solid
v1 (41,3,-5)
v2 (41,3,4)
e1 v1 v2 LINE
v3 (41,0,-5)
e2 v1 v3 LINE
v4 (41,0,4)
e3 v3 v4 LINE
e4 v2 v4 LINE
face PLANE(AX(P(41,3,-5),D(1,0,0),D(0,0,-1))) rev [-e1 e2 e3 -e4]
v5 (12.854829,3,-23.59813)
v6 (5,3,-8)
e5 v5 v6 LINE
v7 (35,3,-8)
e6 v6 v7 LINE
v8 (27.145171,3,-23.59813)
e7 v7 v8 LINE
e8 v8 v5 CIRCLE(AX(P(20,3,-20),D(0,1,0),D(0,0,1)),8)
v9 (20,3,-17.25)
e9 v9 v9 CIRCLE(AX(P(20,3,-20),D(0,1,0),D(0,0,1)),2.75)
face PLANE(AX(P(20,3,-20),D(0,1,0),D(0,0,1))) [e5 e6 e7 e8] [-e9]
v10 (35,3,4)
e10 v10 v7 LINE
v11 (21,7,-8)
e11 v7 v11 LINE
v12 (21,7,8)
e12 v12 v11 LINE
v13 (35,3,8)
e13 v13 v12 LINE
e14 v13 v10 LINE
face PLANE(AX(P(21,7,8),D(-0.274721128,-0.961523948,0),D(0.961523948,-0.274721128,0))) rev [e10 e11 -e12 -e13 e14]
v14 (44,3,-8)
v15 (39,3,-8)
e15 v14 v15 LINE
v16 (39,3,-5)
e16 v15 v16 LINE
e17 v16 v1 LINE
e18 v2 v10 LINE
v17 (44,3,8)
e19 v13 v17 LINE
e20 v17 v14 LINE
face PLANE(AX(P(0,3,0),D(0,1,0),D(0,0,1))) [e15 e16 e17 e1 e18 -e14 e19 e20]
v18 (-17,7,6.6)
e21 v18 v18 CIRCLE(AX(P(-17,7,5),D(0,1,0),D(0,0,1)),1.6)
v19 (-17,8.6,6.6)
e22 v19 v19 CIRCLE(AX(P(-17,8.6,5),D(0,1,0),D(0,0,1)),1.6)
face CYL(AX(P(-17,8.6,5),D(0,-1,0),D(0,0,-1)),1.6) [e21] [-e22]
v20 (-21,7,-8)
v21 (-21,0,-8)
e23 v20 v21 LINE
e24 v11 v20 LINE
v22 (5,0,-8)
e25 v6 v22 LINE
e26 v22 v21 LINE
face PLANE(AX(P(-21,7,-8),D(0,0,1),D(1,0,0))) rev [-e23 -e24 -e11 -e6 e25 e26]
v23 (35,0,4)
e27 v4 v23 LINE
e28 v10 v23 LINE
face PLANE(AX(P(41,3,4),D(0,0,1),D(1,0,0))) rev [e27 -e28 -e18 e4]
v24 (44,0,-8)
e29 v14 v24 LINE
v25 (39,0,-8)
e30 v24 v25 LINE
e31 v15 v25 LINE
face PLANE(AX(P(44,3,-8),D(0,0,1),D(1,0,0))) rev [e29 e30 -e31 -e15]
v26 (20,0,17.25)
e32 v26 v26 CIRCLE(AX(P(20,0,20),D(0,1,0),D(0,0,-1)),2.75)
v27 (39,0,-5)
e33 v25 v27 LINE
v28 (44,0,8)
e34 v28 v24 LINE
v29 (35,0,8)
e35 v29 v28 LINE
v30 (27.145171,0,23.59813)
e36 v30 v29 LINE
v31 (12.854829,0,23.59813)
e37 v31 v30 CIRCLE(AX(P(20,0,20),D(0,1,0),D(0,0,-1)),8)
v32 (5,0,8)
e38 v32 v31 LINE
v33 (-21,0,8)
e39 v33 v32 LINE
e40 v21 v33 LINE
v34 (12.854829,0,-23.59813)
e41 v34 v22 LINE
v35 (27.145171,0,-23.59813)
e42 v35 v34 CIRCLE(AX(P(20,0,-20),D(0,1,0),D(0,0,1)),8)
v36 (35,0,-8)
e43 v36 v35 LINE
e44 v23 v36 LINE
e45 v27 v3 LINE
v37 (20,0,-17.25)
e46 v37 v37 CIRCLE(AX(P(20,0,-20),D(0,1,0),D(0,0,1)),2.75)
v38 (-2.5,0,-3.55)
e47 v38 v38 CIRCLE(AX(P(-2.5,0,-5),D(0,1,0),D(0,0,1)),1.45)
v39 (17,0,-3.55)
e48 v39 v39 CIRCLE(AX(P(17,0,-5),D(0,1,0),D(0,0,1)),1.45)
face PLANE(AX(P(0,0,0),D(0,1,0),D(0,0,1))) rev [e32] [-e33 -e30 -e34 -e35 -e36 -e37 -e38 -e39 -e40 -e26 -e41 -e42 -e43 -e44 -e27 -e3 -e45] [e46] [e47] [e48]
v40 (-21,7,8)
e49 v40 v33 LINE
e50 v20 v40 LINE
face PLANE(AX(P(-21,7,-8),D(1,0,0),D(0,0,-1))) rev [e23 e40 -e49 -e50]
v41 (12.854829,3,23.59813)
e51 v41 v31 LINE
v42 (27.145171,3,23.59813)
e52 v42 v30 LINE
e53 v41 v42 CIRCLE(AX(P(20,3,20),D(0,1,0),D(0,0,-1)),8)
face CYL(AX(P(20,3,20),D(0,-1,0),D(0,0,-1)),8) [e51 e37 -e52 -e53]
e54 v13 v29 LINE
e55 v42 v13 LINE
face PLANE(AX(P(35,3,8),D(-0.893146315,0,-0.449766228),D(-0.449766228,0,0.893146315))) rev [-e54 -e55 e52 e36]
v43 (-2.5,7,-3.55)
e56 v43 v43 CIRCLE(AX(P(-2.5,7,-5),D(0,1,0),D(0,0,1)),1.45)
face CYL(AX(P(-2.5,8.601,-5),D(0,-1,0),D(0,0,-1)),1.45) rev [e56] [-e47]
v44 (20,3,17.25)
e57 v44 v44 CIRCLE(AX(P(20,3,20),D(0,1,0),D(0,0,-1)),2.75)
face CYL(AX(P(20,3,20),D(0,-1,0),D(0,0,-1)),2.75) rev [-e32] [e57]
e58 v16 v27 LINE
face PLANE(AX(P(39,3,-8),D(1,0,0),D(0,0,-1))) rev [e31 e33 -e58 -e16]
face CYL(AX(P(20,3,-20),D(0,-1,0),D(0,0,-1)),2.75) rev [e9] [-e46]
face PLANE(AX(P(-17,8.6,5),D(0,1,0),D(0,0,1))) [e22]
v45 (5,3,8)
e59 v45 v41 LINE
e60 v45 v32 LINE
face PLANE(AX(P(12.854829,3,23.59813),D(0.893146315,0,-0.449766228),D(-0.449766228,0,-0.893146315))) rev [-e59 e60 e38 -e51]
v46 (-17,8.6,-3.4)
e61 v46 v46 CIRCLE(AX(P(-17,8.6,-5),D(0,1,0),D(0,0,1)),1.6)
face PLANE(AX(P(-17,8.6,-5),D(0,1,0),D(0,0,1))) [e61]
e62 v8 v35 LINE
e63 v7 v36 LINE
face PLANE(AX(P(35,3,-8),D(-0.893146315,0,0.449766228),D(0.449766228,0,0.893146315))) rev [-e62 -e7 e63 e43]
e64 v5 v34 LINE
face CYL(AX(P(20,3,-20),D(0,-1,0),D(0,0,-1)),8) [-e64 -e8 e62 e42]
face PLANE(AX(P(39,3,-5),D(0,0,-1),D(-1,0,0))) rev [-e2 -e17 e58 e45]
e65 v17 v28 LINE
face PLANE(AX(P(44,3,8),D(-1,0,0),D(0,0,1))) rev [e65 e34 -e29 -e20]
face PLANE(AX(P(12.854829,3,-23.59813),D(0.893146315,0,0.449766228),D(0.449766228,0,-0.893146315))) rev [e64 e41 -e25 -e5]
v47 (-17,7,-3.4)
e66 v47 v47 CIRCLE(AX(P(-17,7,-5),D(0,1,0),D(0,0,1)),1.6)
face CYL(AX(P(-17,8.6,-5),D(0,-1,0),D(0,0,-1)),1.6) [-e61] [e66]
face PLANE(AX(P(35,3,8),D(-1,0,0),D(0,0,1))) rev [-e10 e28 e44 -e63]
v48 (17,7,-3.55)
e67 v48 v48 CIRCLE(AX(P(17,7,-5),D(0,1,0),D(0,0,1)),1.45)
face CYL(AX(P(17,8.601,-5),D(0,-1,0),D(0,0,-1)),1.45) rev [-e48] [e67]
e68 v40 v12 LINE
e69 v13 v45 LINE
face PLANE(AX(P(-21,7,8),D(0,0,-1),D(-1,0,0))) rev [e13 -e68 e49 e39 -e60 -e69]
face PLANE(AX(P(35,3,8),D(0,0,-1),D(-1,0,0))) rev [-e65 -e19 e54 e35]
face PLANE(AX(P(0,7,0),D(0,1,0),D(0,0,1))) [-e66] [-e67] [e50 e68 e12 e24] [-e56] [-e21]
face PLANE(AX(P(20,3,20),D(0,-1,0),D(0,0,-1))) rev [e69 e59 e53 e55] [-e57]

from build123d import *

# Parameters (mm, degrees)
SKETCH1_W           = 42
SKETCH1_H           = 16
BOSS_EXTRUDE1_DEPTH = 7
SKETCH2_R           = 1.6
BOSS_EXTRUDE2_DEPTH = 1.6
CUT_EXTRUDE1_REACH  = 26.062
SKETCH3_R           = 1.45
SKETCH4_R           = 2.75
BOSS_EXTRUDE3_DEPTH = 3
BOSS_EXTRUDE4_DEPTH = 8
BOSS_EXTRUDE5_DEPTH = 3


with BuildPart() as part:
    # Sketch1 → Boss-Extrude1 (new body)
    with BuildSketch(Plane(origin=(0, 0, 0), x_dir=(1, 0, 0), z_dir=(0, 1, 0))):
        Rectangle(SKETCH1_W, SKETCH1_H)
    extrude(amount=BOSS_EXTRUDE1_DEPTH)

    # Sketch2 → Boss-Extrude2 (add)
    with BuildSketch(Plane(origin=(0, 7, 0), x_dir=(1, 0, 0), z_dir=(0, 1, 0))):
        with Locations(Location((-17, 5, 0), (0, 0, 270))):
            Circle(SKETCH2_R)
        with Locations(Location((-17, -5, 0), (0, 0, 270))):
            Circle(SKETCH2_R)
    extrude(amount=BOSS_EXTRUDE2_DEPTH)

    # Sketch3 → Cut-Extrude1 (cut, up to next)
    with BuildSketch(Plane(origin=(0, 0, 0), x_dir=(1, 0, 0), z_dir=(0, 1, 0)), mode=Mode.PRIVATE) as cut_extrude1_sk1:
        with Locations(Location((-2.5, 5, 0), (0, 0, 270))):
            Circle(SKETCH3_R)
    cut_extrude1_tool1 = extrude(cut_extrude1_sk1.sketch, amount=CUT_EXTRUDE1_REACH, mode=Mode.PRIVATE) & part.part
    # Sketch3 → Cut-Extrude1 (cut, up to next)
    with BuildSketch(Plane(origin=(0, 0, 0), x_dir=(1, 0, 0), z_dir=(0, 1, 0)), mode=Mode.PRIVATE) as cut_extrude1_sk2:
        with Locations(Location((17, 5, 0), (0, 0, 270))):
            Circle(SKETCH3_R)
    cut_extrude1_tool2 = extrude(cut_extrude1_sk2.sketch, amount=CUT_EXTRUDE1_REACH, mode=Mode.PRIVATE) & part.part
    add(cut_extrude1_tool1.solids().sort_by_distance((-2.5, 0, -5))[0], mode=Mode.SUBTRACT)
    add(cut_extrude1_tool2.solids().sort_by_distance((17, 0, -5))[0], mode=Mode.SUBTRACT)

    # Sketch4 → Boss-Extrude3 (add)
    # profile 1 of 2: a face of its own
    with BuildSketch(Plane(origin=(0, 0, 0), x_dir=(1, 0, 0), z_dir=(0, 1, 0))):
        with BuildLine():
            Line((12.854829477, 23.59812982), (5, 8))
            Line((5, 8), (35, 8))
            Line((35, 8), (27.145170523, 23.59812982))
            ThreePointArc((27.145170523, 23.59812982), (20, 28), (12.854829477, 23.59812982))
        make_face()
        with Locations(Location((20, 20, 0), (0, 0, 270))):
            Circle(SKETCH4_R, mode=Mode.SUBTRACT)
    # profile 2 of 2: a face of its own
    with BuildSketch(Plane(origin=(0, 0, 0), x_dir=(1, 0, 0), z_dir=(0, 1, 0))):
        with BuildLine():
            Line((35, -8), (27.145170523, -23.59812982))
            ThreePointArc((27.145170523, -23.59812982), (20, -28), (12.854829477, -23.59812982))
            Line((12.854829477, -23.59812982), (5, -8))
            Line((5, -8), (35, -8))
        make_face()
        with Locations(Location((20, -20, 0), (0, 0, 90))):
            Circle(SKETCH4_R, mode=Mode.SUBTRACT)
    extrude(amount=BOSS_EXTRUDE3_DEPTH)

    # Sketch5 → Boss-Extrude4 (add, symmetric)
    with BuildSketch(Plane.XY):
        Polygon((21, 7), (35, 3), (35, 0), (21, 0), align=None)
    extrude(amount=BOSS_EXTRUDE4_DEPTH, both=True)

    # Sketch6 → Boss-Extrude5 (add)
    with BuildSketch(Plane(origin=(0, 0, 0), x_dir=(1, 0, 0), z_dir=(0, 1, 0))):
        Polygon((35, -8), (44, -8), (44, 8), (39, 8), (39, 5), (41, 5), (41, -4), (35, -4), align=None)
    extrude(amount=BOSS_EXTRUDE5_DEPTH)


solid = part.part
